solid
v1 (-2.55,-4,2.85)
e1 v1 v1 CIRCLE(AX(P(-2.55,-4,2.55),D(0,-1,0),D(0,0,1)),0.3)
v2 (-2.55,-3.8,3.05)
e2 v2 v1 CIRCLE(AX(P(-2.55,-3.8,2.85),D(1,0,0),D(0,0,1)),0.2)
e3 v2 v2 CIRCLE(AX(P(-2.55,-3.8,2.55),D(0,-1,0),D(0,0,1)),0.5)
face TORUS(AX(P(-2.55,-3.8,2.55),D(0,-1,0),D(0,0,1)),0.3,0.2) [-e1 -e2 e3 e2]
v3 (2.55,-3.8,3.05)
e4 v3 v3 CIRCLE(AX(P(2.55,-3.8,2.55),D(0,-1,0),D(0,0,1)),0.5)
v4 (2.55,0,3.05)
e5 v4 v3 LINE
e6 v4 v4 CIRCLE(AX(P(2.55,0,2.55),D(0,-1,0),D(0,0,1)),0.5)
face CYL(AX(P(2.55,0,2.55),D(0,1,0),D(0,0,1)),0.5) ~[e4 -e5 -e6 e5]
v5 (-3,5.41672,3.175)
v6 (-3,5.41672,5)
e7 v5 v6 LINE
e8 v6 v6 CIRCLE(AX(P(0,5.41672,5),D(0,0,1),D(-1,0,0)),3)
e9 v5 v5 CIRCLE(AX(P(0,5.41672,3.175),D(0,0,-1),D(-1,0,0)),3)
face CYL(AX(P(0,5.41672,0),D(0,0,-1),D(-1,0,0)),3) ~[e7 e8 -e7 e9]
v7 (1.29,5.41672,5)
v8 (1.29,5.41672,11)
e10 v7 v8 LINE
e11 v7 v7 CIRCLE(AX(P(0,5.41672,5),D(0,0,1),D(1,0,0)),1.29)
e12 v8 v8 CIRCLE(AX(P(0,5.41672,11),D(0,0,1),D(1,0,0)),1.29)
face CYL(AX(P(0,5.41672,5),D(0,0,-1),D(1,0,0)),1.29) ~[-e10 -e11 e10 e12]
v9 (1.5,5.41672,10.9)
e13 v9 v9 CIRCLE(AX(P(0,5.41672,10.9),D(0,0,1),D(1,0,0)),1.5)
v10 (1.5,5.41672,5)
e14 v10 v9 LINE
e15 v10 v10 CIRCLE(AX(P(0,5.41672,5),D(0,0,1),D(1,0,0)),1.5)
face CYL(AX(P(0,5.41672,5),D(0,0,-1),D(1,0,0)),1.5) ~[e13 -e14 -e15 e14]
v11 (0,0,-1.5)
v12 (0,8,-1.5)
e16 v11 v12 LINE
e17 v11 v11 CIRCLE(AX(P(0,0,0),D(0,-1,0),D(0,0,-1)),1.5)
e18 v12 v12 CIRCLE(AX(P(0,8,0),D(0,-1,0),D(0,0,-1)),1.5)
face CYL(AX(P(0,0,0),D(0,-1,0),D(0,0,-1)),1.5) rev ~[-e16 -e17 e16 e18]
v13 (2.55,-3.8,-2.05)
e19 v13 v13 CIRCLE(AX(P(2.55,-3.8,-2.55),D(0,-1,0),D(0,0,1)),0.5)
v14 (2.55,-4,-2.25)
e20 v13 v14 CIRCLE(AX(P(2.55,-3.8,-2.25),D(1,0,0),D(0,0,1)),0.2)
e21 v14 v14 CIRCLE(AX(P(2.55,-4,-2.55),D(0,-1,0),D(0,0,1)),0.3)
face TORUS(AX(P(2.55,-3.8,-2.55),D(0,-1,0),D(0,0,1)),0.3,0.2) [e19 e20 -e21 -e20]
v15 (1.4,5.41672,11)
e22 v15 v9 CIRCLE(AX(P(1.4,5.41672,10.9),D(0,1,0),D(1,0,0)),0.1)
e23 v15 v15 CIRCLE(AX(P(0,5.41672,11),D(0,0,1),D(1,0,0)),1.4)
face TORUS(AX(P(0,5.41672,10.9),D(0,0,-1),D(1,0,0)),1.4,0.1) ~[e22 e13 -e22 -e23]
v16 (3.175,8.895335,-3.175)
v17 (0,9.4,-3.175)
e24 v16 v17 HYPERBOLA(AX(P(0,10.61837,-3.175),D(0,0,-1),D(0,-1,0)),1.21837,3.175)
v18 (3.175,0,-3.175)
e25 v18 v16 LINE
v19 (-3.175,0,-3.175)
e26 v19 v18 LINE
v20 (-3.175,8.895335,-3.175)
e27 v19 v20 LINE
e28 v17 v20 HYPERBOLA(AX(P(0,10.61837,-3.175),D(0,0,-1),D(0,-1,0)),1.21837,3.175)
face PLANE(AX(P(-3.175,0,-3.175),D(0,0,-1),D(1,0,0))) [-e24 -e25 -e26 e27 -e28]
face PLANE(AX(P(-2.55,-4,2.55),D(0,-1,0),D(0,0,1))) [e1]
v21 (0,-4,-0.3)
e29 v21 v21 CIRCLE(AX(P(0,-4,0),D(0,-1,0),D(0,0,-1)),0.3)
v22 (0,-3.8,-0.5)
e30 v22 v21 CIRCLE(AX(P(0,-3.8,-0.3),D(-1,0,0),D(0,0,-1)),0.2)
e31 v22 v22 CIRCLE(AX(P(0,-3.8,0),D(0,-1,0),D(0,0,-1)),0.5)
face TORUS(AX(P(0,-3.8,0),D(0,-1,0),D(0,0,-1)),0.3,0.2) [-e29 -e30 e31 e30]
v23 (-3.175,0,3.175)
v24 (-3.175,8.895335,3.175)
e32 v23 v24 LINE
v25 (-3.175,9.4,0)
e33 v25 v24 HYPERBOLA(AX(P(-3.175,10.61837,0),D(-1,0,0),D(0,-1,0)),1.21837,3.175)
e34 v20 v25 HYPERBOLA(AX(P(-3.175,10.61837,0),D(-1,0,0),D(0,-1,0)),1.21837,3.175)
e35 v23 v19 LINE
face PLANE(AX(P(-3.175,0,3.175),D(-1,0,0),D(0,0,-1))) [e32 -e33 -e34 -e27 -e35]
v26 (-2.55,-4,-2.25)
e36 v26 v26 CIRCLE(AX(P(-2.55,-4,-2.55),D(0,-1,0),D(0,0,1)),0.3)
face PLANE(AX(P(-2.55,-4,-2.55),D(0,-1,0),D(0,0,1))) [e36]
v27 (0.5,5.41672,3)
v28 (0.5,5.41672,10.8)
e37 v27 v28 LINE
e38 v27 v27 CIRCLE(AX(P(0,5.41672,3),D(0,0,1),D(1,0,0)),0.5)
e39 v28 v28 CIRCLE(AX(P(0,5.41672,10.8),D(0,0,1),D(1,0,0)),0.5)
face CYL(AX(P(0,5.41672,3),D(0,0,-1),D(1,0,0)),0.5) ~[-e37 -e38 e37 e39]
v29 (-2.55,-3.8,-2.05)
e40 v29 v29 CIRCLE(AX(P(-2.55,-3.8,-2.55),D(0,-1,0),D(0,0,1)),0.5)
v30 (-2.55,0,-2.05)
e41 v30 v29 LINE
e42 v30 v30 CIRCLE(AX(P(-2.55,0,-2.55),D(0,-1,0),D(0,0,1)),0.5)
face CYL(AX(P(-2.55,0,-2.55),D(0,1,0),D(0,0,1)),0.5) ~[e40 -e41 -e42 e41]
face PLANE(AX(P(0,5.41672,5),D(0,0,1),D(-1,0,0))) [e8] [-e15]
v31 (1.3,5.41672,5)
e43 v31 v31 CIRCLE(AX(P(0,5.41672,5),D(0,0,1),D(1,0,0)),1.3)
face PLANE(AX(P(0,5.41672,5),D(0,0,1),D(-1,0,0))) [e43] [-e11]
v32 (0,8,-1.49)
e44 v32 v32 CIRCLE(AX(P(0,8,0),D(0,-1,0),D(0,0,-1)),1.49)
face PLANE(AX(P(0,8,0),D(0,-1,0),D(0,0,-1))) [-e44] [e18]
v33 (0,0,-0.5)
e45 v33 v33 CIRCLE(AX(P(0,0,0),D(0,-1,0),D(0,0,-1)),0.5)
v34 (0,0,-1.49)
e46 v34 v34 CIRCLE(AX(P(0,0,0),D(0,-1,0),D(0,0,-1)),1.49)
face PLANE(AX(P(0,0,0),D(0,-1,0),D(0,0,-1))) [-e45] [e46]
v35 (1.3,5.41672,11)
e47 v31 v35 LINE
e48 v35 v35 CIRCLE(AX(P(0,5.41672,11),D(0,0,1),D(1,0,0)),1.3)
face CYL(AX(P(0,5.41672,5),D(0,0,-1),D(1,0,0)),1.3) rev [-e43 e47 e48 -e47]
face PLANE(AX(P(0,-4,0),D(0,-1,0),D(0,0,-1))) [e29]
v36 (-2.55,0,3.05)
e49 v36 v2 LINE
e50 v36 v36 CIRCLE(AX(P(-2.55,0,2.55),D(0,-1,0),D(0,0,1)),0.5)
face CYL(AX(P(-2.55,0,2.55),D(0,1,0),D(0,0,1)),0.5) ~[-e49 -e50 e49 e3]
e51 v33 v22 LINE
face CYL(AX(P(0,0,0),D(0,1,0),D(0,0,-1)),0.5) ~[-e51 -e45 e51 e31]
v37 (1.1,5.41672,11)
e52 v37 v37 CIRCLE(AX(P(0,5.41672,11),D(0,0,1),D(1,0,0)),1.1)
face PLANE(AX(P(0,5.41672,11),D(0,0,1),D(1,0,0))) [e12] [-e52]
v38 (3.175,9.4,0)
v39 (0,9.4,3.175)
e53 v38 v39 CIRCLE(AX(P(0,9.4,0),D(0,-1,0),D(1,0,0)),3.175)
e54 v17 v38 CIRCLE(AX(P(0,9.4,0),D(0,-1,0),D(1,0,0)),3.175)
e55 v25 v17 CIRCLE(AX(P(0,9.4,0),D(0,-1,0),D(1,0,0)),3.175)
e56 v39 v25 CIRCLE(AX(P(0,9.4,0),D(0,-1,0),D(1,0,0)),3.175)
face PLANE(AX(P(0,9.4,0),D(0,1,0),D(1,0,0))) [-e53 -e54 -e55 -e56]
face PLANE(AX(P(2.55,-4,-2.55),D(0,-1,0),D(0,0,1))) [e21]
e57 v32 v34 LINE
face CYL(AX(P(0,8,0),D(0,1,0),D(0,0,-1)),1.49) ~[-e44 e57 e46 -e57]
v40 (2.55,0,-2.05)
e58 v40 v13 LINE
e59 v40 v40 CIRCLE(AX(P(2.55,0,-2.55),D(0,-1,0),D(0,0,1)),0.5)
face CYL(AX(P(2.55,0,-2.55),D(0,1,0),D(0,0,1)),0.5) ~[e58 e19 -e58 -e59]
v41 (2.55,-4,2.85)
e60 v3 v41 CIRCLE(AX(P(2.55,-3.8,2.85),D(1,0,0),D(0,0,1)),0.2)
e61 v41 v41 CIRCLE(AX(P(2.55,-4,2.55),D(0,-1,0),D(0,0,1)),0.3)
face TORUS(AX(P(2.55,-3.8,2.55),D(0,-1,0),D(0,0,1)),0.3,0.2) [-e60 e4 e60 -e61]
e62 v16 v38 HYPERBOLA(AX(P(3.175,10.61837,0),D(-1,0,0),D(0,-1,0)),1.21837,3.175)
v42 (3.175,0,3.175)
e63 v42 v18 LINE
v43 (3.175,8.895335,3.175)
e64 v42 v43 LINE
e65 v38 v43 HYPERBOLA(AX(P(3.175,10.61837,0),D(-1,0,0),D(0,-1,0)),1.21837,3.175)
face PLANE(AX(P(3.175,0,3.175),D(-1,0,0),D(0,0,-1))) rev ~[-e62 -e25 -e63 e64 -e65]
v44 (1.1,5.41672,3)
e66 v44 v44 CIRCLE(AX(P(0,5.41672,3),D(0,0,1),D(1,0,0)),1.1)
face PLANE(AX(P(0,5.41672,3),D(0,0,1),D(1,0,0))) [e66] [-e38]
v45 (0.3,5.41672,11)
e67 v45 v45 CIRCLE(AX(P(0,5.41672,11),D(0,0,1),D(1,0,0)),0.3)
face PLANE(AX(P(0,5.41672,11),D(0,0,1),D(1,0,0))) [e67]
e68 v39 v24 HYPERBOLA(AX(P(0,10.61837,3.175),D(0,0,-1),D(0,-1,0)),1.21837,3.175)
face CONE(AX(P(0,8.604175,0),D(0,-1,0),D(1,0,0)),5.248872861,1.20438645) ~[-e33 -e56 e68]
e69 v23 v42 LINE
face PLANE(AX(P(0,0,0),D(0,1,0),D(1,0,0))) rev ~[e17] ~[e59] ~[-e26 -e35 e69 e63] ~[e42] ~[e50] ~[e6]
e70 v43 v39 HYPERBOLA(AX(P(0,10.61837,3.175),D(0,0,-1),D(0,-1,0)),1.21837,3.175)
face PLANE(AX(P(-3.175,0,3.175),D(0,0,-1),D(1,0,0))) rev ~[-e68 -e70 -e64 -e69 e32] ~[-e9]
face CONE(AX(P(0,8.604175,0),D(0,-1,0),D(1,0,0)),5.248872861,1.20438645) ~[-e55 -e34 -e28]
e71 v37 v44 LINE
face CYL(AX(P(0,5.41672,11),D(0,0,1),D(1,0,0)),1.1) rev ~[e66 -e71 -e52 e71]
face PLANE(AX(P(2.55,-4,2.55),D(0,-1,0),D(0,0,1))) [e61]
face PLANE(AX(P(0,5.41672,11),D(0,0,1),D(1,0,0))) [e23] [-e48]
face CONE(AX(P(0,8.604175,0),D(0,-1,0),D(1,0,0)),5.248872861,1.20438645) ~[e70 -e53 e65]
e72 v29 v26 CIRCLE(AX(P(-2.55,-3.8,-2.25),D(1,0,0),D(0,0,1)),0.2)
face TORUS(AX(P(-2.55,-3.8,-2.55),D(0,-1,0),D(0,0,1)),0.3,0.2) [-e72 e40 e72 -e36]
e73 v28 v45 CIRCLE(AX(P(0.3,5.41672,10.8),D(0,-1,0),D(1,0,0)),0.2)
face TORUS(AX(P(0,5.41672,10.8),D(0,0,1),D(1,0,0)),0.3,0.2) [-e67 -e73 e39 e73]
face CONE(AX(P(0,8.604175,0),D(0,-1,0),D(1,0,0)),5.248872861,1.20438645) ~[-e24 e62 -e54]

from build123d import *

# Parameters (mm, degrees)
SKETCH_2_W      = 6.35
SKETCH_2_H      = 6.35
EXTRUDE_1_DEPTH = 9.4
SKETCH_6_R      = 3
EXTRUDE_2_DEPTH = 5
SKETCH_7_R      = 1.5
SKETCH_7_R_2    = 1.3
EXTRUDE_3_DEPTH = 6
SKETCH2_R       = 1.5
EXTRUDE1_DEPTH  = 8
SKETCH3_R       = 1.49
EXTRUDE3_DEPTH  = 8
SKETCH_R        = 1.49
EXTRUDE4_DEPTH  = 8
SKETCH4_R       = 0.5
EXTRUDE5_DEPTH  = 4
SKETCH5_R       = 0.5
EXTRUDE9_DEPTH  = 4
SKETCH6_R       = 1.29
EXTRUDE10_DEPTH = 6
SKETCH7_R       = 1.1
EXTRUDE11_DEPTH = 8
SKETCH8_R       = 0.5
EXTRUDE12_DEPTH = 8
FILLET1_R       = 0.2
FILLET2_R       = 0.1
FILLET3_R       = 0.2


with BuildPart() as part:
    # 草图2 → 凸台-拉伸1 (new body)
    with BuildSketch(Plane(origin=(0, 0, 0), x_dir=(1, 0, 0), z_dir=(0, 1, 0))):
        Rectangle(SKETCH_2_W, SKETCH_2_H)
    extrude(amount=EXTRUDE_1_DEPTH)

    # 草图5 → 切除-旋转1 (revolve, cut)
    with BuildSketch(Plane.XY):
        Polygon((3.175, 9.4), (5.248872861, 14.588450108), (5.248872861, 8.60417478), align=None)
    revolve(axis=Axis((0, 15.427678148, 0), (0, -1, 0)), mode=Mode.SUBTRACT)

    # 草图6 → 凸台-拉伸2 (add)
    with BuildSketch(Plane.XY):
        with Locations((0, 5.416720089)):
            Circle(SKETCH_6_R)
    extrude(amount=EXTRUDE_2_DEPTH)

    # 草图7 → 凸台-拉伸3 (add)
    with BuildSketch(Plane.XY.offset(5)):
        with Locations((0, 5.416720089)):
            Circle(SKETCH_7_R)
        with Locations((0, 5.416720089)):
            Circle(SKETCH_7_R_2, mode=Mode.SUBTRACT)
    extrude(amount=EXTRUDE_3_DEPTH)

    # Sketch2 → Extrude1 (cut)
    with BuildSketch(Plane.XZ):
        Circle(SKETCH2_R)
    extrude(amount=-EXTRUDE1_DEPTH, mode=Mode.SUBTRACT)

    # Sketch3 → Extrude3 (add)
    with BuildSketch(Plane.XZ.offset(-8)):
        Circle(SKETCH3_R)
    extrude(amount=EXTRUDE3_DEPTH)

    # Sketch → Extrude4 (add)
    with BuildSketch(Plane.XZ.offset(-8)):
        Circle(SKETCH_R)
    extrude(amount=EXTRUDE4_DEPTH)

    # Sketch4 → Extrude5 (add)
    with BuildSketch(Plane.XZ):
        Circle(SKETCH4_R)
    extrude(amount=EXTRUDE5_DEPTH)

    # Sketch5 → Extrude9 (add)
    with BuildSketch(Plane.XZ):
        with Locations((-2.55, 2.55)):
            Circle(SKETCH5_R)
        with Locations((-2.55, -2.55)):
            Circle(SKETCH5_R)
        with Locations((2.55, -2.55)):
            Circle(SKETCH5_R)
        with Locations((2.55, 2.55)):
            Circle(SKETCH5_R)
    extrude(amount=EXTRUDE9_DEPTH)

    # Sketch6 → Extrude10 (add)
    with BuildSketch(Plane.XY.offset(5)):
        with Locations((0, 5.416720089)):
            Circle(SKETCH6_R)
    extrude(amount=EXTRUDE10_DEPTH)

    # Sketch7 → Extrude11 (cut)
    with BuildSketch(Plane.XY.offset(11)):
        with Locations((0, 5.416720089)):
            Circle(SKETCH7_R)
    extrude(amount=-EXTRUDE11_DEPTH, mode=Mode.SUBTRACT)

    # Sketch8 → Extrude12 (add)
    with BuildSketch(Plane.XY.offset(3)):
        with Locations((0, 5.416720089)):
            Circle(SKETCH8_R)
    extrude(amount=EXTRUDE12_DEPTH)

    # Fillet1
    fillet1_edges = [part.edges().sort_by_distance(p)[0] for p in [
        (-0.5, 5.416720089, 11),
    ]]
    fillet(fillet1_edges, radius=FILLET1_R)

    # Fillet2
    fillet2_edges = [part.edges().sort_by_distance(p)[0] for p in [
        (-1.5, 5.416720089, 11),
    ]]
    fillet(fillet2_edges, radius=FILLET2_R)

    # Fillet3
    fillet3_edges = [part.edges().sort_by_distance(p)[0] for p in [
        (-0.5, -4, 0),
        (2.05, -4, -2.55),
        (-3.05, -4, -2.55),
        (2.05, -4, 2.55),
        (-3.05, -4, 2.55),
    ]]
    fillet(fillet3_edges, radius=FILLET3_R)


solid = part.part
